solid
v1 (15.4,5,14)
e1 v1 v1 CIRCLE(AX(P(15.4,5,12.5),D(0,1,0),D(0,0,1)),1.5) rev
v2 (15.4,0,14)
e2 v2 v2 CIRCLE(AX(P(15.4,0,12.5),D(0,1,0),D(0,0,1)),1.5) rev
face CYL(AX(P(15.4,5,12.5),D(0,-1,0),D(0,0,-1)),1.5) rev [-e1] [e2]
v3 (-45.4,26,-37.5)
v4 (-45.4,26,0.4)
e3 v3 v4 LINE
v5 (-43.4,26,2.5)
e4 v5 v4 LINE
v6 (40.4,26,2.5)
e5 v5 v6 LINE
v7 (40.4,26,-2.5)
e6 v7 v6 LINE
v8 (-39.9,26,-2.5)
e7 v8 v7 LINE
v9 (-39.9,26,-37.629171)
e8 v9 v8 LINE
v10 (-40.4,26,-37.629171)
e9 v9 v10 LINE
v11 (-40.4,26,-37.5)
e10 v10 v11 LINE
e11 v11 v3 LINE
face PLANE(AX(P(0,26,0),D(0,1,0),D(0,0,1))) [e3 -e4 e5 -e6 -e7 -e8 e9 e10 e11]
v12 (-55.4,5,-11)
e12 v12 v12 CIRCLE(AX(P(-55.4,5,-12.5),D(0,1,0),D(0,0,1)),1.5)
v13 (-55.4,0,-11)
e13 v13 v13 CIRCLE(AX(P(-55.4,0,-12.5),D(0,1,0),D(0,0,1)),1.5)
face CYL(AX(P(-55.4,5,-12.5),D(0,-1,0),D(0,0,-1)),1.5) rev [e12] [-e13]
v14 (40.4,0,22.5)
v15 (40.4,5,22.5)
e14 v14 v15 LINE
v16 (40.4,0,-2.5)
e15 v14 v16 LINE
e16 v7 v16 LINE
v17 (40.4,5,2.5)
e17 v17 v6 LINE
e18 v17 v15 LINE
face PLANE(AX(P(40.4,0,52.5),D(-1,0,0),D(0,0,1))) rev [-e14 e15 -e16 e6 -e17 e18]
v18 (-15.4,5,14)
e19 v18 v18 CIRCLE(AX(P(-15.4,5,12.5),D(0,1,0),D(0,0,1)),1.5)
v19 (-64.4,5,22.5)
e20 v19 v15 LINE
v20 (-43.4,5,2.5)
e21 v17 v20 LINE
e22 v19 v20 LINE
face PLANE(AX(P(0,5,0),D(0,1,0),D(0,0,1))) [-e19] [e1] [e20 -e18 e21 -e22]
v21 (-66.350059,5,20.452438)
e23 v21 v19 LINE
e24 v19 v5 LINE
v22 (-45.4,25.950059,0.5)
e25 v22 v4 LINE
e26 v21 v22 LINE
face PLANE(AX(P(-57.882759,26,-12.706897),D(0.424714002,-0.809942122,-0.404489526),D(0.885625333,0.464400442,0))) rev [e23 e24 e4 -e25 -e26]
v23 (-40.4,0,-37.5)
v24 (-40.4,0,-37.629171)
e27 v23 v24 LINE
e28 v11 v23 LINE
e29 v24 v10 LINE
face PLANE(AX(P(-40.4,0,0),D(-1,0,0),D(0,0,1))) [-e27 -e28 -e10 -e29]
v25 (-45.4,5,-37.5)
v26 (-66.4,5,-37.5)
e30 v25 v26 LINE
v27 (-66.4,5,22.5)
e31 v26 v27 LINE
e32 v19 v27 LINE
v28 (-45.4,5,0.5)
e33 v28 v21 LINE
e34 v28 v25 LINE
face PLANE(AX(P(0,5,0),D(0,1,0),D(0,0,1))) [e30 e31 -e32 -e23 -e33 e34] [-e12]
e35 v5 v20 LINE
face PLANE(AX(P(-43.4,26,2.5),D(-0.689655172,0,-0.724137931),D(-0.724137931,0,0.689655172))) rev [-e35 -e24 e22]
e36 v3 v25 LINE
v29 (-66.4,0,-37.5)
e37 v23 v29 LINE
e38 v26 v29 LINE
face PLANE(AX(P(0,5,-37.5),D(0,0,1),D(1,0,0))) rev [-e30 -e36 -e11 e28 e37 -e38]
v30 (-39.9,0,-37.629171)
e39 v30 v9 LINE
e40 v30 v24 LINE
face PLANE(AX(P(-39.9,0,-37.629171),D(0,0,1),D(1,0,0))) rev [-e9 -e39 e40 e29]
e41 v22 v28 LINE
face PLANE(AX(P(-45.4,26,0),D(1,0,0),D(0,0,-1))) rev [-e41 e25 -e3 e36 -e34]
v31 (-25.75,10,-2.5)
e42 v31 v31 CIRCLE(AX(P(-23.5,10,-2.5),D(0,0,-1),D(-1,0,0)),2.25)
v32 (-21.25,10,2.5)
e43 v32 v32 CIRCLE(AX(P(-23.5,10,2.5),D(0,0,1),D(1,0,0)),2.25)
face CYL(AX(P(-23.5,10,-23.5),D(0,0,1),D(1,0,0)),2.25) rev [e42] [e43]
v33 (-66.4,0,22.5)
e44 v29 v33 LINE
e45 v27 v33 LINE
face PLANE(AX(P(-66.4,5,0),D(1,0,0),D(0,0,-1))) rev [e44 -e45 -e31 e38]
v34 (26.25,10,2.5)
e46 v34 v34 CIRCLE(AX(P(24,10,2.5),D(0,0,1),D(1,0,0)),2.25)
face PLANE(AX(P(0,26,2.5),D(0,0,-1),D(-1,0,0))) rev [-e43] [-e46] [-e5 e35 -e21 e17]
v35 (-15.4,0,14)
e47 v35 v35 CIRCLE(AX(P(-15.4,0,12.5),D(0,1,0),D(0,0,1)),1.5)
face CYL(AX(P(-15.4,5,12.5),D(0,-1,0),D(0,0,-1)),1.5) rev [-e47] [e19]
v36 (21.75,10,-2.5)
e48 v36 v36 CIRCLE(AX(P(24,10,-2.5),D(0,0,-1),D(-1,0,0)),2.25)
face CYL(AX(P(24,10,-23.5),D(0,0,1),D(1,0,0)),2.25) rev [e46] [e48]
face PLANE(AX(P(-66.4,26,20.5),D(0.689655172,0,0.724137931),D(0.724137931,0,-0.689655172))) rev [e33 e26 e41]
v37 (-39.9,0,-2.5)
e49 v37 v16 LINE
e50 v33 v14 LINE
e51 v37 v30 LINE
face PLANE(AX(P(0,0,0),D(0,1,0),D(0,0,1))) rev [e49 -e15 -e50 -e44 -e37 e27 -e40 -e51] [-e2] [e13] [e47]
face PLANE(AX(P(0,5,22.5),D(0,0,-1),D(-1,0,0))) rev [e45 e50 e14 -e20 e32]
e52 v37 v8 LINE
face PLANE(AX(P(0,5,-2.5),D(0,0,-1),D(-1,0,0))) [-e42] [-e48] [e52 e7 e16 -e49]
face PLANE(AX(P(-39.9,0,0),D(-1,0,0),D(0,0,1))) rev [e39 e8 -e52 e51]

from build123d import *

# Parameters (mm, degrees)
CROQUIS1_W              = 80.8
CROQUIS1_H              = 25
CROQUIS1_R              = 1.5
SALIENTE_EXTRUIR1_DEPTH = 5
CROQUIS1_3_W            = 80.8
CROQUIS1_3_H            = 5
SALIENTE_EXTRUIR2_DEPTH = 26
CROQUIS1_4_W            = 26
CROQUIS1_4_H            = 60
CROQUIS1_4_R            = 1.5
SALIENTE_EXTRUIR3_DEPTH = 5
CROQUIS1_5_W            = 5
CROQUIS1_5_H            = 40
SALIENTE_EXTRUIR4_DEPTH = 26
CROQUIS3_R              = 2.25
CORTAR_EXTRUIR1_DEPTH   = 26
SALIENTE_EXTRUIR5_DEPTH = 21
CORTAR_EXTRUIR2_DEPTH   = 21
CROQUIS7_W              = 36.882036787
CROQUIS7_H              = 40.226112096
CORTAR_EXTRUIR3_DEPTH   = 90
CROQUIS8_W              = 35.258342774
CROQUIS8_H              = 26
SALIENTE_EXTRUIR6_DEPTH = 0.5


with BuildPart() as part:
    # Croquis1 → Saliente-Extruir1 (new body)
    with BuildSketch(Plane(origin=(0, 0, 0), x_dir=(1, 0, 0), z_dir=(0, 1, 0))):
        with Locations((0, -10)):
            Rectangle(CROQUIS1_W, CROQUIS1_H)
        with Locations((15.4, -12.5)):
            Circle(CROQUIS1_R, mode=Mode.SUBTRACT)
        with Locations((-15.4, -12.5)):
            Circle(CROQUIS1_R, mode=Mode.SUBTRACT)
    extrude(amount=SALIENTE_EXTRUIR1_DEPTH)

    # Croquis1<3> → Saliente-Extruir2 (add)
    with BuildSketch(Plane(origin=(0, 0, 0), x_dir=(1, 0, 0), z_dir=(0, 1, 0))):
        Rectangle(CROQUIS1_3_W, CROQUIS1_3_H)
    extrude(amount=SALIENTE_EXTRUIR2_DEPTH)

    # Croquis1<4> → Saliente-Extruir3 (add)
    # profile 1 of 2: a face of its own
    with BuildSketch(Plane(origin=(0, 0, 0), x_dir=(1, 0, 0), z_dir=(0, 1, 0))):
        with Locations((-53.4, 7.5)):
            Rectangle(CROQUIS1_4_W, CROQUIS1_4_H)
        with Locations((-55.4, 12.5)):
            Circle(CROQUIS1_4_R, mode=Mode.SUBTRACT)
    # profile 2 of 2: a face of its own
    with BuildSketch(Plane(origin=(0, 0, 0), x_dir=(1, 0, 0), z_dir=(0, 1, 0))):
        with Locations((53.4, 7.5)):
            Rectangle(CROQUIS1_4_W, CROQUIS1_4_H)
        with Locations((55.4, 12.5)):
            Circle(CROQUIS1_4_R, mode=Mode.SUBTRACT)
    extrude(amount=SALIENTE_EXTRUIR3_DEPTH)

    # Croquis1<5> → Saliente-Extruir4 (add)
    with BuildSketch(Plane(origin=(0, 0, 0), x_dir=(1, 0, 0), z_dir=(0, 1, 0))):
        with Locations((-42.9, 17.5)):
            Rectangle(CROQUIS1_5_W, CROQUIS1_5_H)
        with Locations((42.9, 17.5)):
            Rectangle(CROQUIS1_5_W, CROQUIS1_5_H)
    extrude(amount=SALIENTE_EXTRUIR4_DEPTH)

    # Croquis3 → Cortar-Extruir1 (cut)
    with BuildSketch(Plane.XY.offset(2.5)):
        with Locations((-23.5, 10)):
            Circle(CROQUIS3_R)
        with Locations((24, 10)):
            Circle(CROQUIS3_R)
    extrude(amount=-CORTAR_EXTRUIR1_DEPTH, mode=Mode.SUBTRACT)

    # Croquis4 → Saliente-Extruir5 (add)
    with BuildSketch(Plane(origin=(0, 5, 0), x_dir=(1, 0, 0), z_dir=(0, 1, 0))):
        Polygon((-45.4, -0.5), (-45.4, -2.5), (-43.4, -2.5), (-64.4, -22.5), (-66.4, -22.5), (-66.4, -20.5), align=None)
    saliente_extruir5 = extrude(amount=SALIENTE_EXTRUIR5_DEPTH)

    # Croquis5 → Cortar-Extruir2 (cut)
    with BuildSketch(Plane(origin=(-19.393579073, 0, -20.363258026), x_dir=(0.7241379310344827, 0, -0.6896551724137933), z_dir=(0.6896551724137933, 0, 0.7241379310344827))):
        Polygon((-62.151724138, 5), (-33.151724138, 26), (-26.486949689, 30.82621598), (-82.759555013, 33.403814281), (-84.060607683, 5), align=None)
    cortar_extruir2 = extrude(amount=-CORTAR_EXTRUIR2_DEPTH, mode=Mode.SUBTRACT)

    # Simetría1: Saliente-Extruir5 across plane
    add(saliente_extruir5.mirror(Plane(origin=(0, 0, 0), x_dir=(0, 0, 1), z_dir=(1, 0, 0))))

    # Simetría2: Cortar-Extruir2 across plane
    add(cortar_extruir2.mirror(Plane(origin=(0, 0, 0), x_dir=(0, 0, 1), z_dir=(1, 0, 0))), mode=Mode.SUBTRACT)

    # Croquis7 → Cortar-Extruir3 (cut)
    with BuildSketch(Plane(origin=(0, 0, -37.5), x_dir=(-1, 0, 0), z_dir=(0, 0, -1))):
        with Locations((-58.841018394, 20.113056048)):
            Rectangle(CROQUIS7_W, CROQUIS7_H)
    extrude(amount=-CORTAR_EXTRUIR3_DEPTH, mode=Mode.SUBTRACT)

    # Croquis8 → Saliente-Extruir6 (add)
    with BuildSketch(Plane(origin=(-40.4, 0, 0), x_dir=(0, 0, -1), z_dir=(1, 0, 0))):
        with Locations((20, 13)):
            Rectangle(CROQUIS8_W, CROQUIS8_H)
    extrude(amount=SALIENTE_EXTRUIR6_DEPTH)


solid = part.part
